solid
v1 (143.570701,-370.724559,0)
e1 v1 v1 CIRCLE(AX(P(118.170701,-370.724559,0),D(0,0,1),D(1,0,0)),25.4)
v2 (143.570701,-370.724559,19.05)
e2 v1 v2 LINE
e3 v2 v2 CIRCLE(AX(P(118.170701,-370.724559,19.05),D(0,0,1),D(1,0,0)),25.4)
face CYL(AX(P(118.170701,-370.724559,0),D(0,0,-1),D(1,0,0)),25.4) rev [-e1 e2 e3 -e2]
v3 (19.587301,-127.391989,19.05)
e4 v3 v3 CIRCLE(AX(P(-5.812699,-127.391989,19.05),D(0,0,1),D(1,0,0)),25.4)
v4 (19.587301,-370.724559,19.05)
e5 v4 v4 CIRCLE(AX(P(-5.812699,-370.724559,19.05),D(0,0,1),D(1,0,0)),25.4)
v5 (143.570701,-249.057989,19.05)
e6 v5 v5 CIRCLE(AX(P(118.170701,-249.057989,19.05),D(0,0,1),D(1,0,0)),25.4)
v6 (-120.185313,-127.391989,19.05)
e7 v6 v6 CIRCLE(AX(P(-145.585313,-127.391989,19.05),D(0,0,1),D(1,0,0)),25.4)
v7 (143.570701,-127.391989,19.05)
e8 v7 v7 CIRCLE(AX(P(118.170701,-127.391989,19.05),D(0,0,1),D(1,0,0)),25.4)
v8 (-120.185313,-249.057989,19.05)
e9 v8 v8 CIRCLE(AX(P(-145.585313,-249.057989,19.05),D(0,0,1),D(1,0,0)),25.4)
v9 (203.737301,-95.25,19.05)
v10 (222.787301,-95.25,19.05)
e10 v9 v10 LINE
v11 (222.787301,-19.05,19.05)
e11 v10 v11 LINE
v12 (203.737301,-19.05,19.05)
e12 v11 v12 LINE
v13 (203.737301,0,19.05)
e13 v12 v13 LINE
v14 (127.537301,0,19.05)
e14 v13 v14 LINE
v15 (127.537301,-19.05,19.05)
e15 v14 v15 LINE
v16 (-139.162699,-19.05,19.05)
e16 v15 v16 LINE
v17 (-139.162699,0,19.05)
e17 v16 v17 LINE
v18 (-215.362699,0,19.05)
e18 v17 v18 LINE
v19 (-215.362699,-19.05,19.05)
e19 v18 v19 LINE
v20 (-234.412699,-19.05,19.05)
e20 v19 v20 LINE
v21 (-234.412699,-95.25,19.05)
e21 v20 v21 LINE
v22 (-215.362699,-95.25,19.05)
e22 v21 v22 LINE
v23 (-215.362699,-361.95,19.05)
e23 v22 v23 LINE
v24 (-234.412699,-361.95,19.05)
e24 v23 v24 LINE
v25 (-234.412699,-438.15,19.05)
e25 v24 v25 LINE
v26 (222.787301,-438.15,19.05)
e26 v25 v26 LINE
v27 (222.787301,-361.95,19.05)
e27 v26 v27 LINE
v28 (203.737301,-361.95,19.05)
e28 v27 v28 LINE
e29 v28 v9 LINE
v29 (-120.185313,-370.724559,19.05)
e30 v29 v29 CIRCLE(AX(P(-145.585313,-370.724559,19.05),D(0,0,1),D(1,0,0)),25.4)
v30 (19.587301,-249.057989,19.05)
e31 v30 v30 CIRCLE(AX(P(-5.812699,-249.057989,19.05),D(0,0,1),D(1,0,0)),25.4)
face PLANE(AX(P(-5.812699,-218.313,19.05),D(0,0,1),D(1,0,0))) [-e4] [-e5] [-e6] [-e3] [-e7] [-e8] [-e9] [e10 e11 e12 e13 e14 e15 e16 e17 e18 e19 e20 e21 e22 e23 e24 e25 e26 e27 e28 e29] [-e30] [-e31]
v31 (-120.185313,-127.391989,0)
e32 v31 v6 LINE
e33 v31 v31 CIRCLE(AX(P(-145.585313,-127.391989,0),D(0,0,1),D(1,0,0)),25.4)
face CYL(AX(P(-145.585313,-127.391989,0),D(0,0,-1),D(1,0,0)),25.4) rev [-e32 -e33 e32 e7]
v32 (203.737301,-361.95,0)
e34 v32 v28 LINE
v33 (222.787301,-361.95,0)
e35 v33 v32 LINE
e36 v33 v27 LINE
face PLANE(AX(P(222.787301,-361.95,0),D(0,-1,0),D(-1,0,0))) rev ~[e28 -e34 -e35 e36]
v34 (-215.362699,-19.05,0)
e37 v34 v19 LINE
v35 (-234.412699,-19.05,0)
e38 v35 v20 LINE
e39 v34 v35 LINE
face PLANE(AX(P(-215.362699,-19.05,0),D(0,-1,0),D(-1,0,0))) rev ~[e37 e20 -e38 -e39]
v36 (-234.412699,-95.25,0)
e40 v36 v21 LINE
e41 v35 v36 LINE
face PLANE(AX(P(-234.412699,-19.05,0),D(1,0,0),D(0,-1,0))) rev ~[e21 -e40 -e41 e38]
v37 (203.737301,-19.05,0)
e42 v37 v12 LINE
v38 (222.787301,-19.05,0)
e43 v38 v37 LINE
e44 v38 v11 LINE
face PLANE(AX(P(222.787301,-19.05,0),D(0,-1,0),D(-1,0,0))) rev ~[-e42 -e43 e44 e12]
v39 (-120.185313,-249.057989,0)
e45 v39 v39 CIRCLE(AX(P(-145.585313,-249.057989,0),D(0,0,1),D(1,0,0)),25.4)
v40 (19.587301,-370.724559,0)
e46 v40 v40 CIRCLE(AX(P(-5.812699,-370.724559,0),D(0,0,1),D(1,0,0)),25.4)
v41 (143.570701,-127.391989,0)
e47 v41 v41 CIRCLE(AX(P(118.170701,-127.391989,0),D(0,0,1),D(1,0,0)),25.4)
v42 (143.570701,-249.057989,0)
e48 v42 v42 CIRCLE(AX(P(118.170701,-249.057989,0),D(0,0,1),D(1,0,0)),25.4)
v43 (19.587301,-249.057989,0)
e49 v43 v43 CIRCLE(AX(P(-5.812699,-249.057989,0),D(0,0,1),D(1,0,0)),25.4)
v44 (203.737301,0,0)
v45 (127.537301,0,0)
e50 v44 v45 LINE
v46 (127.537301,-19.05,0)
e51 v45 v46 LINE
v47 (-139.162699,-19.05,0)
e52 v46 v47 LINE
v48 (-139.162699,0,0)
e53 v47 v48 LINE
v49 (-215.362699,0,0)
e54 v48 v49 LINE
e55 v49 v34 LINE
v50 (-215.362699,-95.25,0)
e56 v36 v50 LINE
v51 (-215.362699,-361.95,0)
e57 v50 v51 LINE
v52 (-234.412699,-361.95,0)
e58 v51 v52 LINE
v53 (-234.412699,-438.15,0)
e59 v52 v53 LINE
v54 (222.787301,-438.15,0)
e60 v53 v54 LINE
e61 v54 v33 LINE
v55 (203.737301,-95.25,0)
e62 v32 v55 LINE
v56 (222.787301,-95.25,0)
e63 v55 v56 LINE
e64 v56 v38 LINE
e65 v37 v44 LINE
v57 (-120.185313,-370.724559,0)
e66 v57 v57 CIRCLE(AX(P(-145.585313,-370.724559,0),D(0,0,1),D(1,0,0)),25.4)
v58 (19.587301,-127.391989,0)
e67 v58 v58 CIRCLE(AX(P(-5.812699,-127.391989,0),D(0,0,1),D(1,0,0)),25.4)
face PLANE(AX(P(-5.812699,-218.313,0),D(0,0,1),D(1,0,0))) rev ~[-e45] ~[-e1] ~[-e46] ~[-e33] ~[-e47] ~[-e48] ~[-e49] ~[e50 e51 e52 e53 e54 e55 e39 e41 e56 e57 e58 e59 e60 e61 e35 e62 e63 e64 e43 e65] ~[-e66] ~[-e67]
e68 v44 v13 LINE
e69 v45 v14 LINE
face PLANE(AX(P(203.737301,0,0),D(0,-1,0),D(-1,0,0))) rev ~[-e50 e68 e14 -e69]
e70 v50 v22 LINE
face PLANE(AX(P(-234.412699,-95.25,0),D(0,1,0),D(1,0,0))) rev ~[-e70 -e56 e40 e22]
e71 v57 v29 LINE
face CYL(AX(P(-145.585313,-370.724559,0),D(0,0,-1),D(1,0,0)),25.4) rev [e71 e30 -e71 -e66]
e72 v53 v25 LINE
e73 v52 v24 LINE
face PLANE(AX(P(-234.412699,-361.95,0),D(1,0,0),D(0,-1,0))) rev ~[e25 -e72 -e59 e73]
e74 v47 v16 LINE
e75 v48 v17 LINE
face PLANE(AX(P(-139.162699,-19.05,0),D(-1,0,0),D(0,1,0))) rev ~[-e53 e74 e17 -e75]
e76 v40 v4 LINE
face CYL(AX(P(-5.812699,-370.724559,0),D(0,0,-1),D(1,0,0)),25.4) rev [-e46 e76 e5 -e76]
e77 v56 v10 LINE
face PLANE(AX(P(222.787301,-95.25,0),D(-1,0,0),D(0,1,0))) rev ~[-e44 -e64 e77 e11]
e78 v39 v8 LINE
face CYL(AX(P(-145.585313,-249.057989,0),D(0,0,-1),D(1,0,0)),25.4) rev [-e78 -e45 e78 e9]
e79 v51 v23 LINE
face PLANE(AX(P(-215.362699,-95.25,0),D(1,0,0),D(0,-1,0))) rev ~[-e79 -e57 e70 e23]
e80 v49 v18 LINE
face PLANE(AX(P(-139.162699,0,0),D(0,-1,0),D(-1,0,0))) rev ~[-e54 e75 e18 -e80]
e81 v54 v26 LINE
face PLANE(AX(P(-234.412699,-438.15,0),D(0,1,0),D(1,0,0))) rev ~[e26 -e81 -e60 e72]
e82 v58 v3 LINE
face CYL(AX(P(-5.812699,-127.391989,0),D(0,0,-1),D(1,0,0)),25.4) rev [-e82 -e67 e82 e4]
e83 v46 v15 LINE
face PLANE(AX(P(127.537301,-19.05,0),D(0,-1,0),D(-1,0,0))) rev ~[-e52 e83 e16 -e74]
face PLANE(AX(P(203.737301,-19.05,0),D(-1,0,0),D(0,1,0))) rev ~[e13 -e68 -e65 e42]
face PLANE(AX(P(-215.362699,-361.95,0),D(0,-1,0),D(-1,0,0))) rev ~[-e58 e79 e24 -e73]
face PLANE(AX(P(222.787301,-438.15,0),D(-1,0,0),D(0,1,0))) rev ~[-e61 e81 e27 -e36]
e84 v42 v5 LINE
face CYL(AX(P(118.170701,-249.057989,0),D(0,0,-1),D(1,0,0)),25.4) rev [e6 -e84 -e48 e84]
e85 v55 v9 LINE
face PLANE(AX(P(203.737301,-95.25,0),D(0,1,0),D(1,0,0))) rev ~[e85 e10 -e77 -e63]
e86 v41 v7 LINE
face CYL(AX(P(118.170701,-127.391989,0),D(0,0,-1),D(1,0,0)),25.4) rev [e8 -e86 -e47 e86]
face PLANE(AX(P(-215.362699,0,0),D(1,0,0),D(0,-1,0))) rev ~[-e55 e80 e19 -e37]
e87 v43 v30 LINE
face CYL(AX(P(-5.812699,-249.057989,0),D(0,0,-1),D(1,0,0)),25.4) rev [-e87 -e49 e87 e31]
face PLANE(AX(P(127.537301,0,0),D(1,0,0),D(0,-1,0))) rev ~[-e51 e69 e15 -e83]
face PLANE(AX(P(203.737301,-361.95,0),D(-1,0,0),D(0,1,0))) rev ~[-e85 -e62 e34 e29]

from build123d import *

# Parameters (mm, degrees)
F0_R     = 25.4
F1_DEPTH = 19.05


with BuildPart() as f1:
    # F0 (on Top) → F1 (new body)
    with BuildSketch(Plane.XY):
        Polygon((-234.412699, -438.15), (-215.362699, -438.15), (203.737301, -438.15), (222.787301, -438.15), (222.787301, -361.95), (203.737301, -361.95), (203.737301, -95.25), (222.787301, -95.25), (222.787301, -19.05), (203.737301, -19.05), (203.737301, 0), (127.537301, 0), (127.537301, -19.05), (-139.162699, -19.05), (-139.162699, 0), (-215.362699, 0), (-215.362699, -19.05), (-234.412699, -19.05), (-234.412699, -95.25), (-215.362699, -95.25), (-215.362699, -361.95), (-234.412699, -361.95), align=None)
        with Locations((-145.585313, -370.724559)):
            Circle(F0_R, mode=Mode.SUBTRACT)
        with Locations((-5.812699, -370.724559)):
            Circle(F0_R, mode=Mode.SUBTRACT)
        with Locations((-145.585313, -249.057989)):
            Circle(F0_R, mode=Mode.SUBTRACT)
        with Locations((-5.812699, -249.057989)):
            Circle(F0_R, mode=Mode.SUBTRACT)
        with Locations((118.170701, -370.724559)):
            Circle(F0_R, mode=Mode.SUBTRACT)
        with Locations((118.170701, -249.057989)):
            Circle(F0_R, mode=Mode.SUBTRACT)
        with Locations((-145.585313, -127.391989)):
            Circle(F0_R, mode=Mode.SUBTRACT)
        with Locations((-5.812699, -127.391989)):
            Circle(F0_R, mode=Mode.SUBTRACT)
        with Locations((118.170701, -127.391989)):
            Circle(F0_R, mode=Mode.SUBTRACT)
    extrude(amount=F1_DEPTH)


solid = f1.part
